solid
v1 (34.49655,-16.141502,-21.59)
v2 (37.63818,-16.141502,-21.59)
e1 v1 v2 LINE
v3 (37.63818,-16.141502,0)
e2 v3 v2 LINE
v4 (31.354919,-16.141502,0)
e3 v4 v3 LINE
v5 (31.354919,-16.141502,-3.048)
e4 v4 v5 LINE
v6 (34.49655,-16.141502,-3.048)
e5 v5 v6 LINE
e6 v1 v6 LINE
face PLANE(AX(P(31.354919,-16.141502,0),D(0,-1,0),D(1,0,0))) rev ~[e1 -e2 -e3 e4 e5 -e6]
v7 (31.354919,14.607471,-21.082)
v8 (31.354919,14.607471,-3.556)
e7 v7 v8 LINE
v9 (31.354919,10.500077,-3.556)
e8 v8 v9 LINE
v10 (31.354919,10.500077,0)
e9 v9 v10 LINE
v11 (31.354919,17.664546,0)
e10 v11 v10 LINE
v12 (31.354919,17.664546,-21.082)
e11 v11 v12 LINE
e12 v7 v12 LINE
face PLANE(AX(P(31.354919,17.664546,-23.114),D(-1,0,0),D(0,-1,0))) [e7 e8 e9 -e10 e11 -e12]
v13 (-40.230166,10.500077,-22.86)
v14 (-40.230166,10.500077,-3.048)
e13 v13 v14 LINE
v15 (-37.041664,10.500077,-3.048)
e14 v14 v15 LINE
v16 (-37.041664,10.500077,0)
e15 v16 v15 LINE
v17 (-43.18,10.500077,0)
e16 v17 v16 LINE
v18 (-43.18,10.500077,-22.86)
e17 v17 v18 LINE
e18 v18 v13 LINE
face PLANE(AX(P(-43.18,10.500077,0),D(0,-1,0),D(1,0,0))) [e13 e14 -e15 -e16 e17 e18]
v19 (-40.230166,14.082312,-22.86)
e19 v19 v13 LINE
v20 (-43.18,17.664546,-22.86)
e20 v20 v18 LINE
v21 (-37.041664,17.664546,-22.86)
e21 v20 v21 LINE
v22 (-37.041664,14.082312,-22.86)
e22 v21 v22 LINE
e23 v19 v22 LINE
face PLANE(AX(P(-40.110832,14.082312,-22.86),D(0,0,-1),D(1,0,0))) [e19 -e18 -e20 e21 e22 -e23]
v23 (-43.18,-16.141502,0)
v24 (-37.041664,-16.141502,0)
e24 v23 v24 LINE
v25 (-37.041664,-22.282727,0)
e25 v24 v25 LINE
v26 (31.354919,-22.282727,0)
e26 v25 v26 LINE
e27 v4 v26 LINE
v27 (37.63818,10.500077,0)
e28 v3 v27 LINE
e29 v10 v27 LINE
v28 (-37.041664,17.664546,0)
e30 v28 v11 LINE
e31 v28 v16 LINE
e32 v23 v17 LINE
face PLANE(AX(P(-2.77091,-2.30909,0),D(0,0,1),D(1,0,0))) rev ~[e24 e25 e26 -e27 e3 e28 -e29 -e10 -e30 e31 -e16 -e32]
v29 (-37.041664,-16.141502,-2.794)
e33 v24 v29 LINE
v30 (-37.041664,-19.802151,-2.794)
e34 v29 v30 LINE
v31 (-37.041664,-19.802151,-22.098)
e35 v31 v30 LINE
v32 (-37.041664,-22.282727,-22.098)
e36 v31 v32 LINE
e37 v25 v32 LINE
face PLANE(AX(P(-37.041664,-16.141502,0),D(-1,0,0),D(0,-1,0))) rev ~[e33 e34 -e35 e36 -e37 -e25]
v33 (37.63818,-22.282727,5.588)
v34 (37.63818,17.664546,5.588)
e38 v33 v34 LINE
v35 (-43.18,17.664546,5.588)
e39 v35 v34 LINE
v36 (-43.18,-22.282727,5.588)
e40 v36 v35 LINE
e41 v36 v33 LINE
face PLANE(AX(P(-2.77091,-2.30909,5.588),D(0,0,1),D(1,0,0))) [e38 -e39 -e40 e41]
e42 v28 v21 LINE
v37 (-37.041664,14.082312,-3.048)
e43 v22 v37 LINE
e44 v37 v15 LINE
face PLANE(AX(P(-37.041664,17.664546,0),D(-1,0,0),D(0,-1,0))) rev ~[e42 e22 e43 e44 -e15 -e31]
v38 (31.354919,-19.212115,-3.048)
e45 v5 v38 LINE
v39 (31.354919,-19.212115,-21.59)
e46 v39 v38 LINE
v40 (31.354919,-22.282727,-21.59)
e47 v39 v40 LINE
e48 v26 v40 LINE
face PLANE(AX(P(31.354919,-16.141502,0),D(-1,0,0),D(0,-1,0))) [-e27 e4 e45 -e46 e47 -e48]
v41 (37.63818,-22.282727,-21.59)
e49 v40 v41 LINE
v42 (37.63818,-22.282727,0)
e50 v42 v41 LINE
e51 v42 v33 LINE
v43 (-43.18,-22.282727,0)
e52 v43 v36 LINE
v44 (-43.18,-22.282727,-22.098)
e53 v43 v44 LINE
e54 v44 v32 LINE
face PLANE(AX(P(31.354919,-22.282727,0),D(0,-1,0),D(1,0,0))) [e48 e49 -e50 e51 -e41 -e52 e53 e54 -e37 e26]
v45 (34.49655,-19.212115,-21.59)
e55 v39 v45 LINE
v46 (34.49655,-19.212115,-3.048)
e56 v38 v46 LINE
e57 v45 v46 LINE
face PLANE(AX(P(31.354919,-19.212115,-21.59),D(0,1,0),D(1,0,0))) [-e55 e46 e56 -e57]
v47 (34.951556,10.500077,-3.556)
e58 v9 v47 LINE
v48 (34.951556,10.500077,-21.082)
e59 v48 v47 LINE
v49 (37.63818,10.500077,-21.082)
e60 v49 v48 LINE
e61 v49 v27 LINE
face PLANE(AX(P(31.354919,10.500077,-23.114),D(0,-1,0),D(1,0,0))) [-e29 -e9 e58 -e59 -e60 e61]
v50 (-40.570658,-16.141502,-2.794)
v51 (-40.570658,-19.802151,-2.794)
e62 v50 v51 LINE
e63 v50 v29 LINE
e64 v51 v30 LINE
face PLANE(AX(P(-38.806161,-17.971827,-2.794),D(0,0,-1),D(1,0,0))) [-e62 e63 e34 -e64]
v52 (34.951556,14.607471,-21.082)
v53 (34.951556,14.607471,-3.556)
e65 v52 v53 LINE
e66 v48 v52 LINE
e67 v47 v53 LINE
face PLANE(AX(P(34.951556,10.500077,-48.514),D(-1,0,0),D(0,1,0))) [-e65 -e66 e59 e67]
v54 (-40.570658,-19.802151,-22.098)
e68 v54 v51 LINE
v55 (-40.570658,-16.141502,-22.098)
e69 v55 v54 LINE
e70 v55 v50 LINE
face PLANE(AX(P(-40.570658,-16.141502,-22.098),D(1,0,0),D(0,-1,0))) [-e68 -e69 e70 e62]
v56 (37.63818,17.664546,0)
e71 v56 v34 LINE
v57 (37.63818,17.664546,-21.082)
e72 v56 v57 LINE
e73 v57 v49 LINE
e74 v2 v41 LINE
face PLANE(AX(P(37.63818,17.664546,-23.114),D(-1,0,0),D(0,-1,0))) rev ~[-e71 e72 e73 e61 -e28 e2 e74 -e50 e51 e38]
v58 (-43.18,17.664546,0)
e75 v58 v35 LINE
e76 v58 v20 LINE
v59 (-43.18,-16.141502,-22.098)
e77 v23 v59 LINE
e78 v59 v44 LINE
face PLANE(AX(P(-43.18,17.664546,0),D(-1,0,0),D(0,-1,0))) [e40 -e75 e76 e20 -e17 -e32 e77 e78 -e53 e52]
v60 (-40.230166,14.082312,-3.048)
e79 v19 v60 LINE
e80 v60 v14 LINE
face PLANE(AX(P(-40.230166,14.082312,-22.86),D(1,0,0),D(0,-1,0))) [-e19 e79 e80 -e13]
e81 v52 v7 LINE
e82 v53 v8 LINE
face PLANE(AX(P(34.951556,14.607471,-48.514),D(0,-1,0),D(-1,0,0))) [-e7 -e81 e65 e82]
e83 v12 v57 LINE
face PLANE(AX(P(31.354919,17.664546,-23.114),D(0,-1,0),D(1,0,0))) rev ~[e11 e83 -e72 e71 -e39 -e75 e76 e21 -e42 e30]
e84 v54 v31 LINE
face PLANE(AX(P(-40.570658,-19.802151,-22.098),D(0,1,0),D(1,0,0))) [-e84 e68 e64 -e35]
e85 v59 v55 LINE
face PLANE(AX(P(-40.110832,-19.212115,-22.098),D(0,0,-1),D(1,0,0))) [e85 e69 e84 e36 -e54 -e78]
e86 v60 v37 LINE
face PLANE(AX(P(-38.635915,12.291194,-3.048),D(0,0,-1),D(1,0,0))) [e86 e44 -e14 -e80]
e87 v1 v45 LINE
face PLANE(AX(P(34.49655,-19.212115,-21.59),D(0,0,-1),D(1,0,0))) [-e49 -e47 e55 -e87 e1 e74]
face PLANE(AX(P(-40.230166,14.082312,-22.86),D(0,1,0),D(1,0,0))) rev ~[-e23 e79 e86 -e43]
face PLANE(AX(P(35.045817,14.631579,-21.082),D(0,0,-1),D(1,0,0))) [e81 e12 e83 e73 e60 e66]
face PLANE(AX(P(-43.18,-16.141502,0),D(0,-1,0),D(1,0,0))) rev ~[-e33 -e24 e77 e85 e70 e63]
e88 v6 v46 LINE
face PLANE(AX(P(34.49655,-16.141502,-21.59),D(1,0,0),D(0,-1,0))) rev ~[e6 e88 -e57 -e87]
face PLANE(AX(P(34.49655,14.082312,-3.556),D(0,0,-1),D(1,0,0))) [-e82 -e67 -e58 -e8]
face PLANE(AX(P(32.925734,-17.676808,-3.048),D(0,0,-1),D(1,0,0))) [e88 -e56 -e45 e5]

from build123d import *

# Parameters (mm, degrees)
F0_W      = 80.8181799948
F0_H      = 39.9472732097
F1_DEPTH  = 5.588
F2_W      = 6.1383359134
F2_H      = 6.141224876
F3_DEPTH  = 22.098
F2_H_2    = 7.1644689888
F4_DEPTH  = 22.86
F2_W_2    = 6.2832608819
F5_DEPTH  = 21.59
F6_DEPTH  = 23.114
F7_W      = 3.141630441
F7_H      = 3.070612438
F8_DEPTH  = 18.542
F9_DEPTH  = 25.4
F11_W     = 3.5289935768
F11_H     = 3.6606490612
F13_DEPTH = 19.304
F14_DEPTH = 27.432
F15_DEPTH = 44.958
F12_W     = 3.1885020435
F12_H     = 3.5822344944
F16_DEPTH = 19.812


with BuildPart() as f1:
    # F0 (on Top) → F1 (new body)
    with BuildSketch(Plane.XY):
        with Locations((-2.7709100395, -2.3090904579)):
            Rectangle(F0_W, F0_H)
    extrude(amount=F1_DEPTH)

    # F2 (on face) → F3 (join)
    with BuildSketch(Plane(origin=(0, 0, 0), x_dir=(1, 0, 0), z_dir=(0, 0, -1))):
        with Locations((-40.1108320802, 19.2121146247)):
            Rectangle(F2_W, F2_H)
    extrude(amount=F3_DEPTH)

    # F2 (on face) → F4 (join)
    with BuildSketch(Plane(origin=(0, 0, 0), x_dir=(1, 0, 0), z_dir=(0, 0, -1))):
        with Locations((-40.1108320802, -14.0823116526)):
            Rectangle(F2_W, F2_H_2)
    extrude(amount=F4_DEPTH)

    # F2 (on face) → F5 (join)
    with BuildSketch(Plane(origin=(0, 0, 0), x_dir=(1, 0, 0), z_dir=(0, 0, -1))):
        with Locations((34.4965495169, 19.2121146247)):
            Rectangle(F2_W_2, F2_H)
    extrude(amount=F5_DEPTH)

    # F2 (on face) → F6 (join)
    with BuildSketch(Plane(origin=(0, 0, 0), x_dir=(1, 0, 0), z_dir=(0, 0, -1))):
        with Locations((34.4965495169, -14.0823116526)):
            Rectangle(F2_W_2, F2_H_2)
    extrude(amount=F6_DEPTH)

    # F7 (on face) → F8 (cut)
    with BuildSketch(Plane(origin=(0, 0, -21.59), x_dir=(1, 0, 0), z_dir=(0, 0, -1))):
        with Locations((32.9257342964, 17.6768084057)):
            Rectangle(F7_W, F7_H)
    extrude(amount=-F8_DEPTH, mode=Mode.SUBTRACT)

    # F9 (add): a face of the model
    f9_faces = [f1.faces().sort_by_distance(p)[0] for p in [
        (34.4965495169, 14.0823116526, -23.114),
    ]]
    extrude(f9_faces, amount=F9_DEPTH)

    # F11 (on face) → F13 (cut)
    with BuildSketch(Plane(origin=(0, 0, -22.098), x_dir=(1, 0, 0), z_dir=(0, 0, -1))):
        with Locations((-38.8061609119, 17.9718267173)):
            Rectangle(F11_W, F11_H)
    extrude(amount=-F13_DEPTH, mode=Mode.SUBTRACT)

    # F10 (on face) → F14 (cut)
    with BuildSketch(Plane(origin=(0, 0, -48.514), x_dir=(1, 0, 0), z_dir=(0, 0, -1))):
        Polygon((37.6381799579, -10.5000771582), (34.951556474, -10.5000771582), (34.951556474, -14.6074714139), (31.354919076, -14.6074714139), (31.354919076, -17.664546147), (37.6381799579, -17.664546147), align=None)
    extrude(amount=-F14_DEPTH, mode=Mode.SUBTRACT)

    # F15 (cut): a face of the model
    f15_faces = [f1.faces().sort_by_distance(p)[0] for p in [
        (33.153237775, 12.5537742861, -48.514),
    ]]
    extrude(f15_faces, amount=-F15_DEPTH, mode=Mode.SUBTRACT)

    # F12 (on face) → F16 (cut)
    with BuildSketch(Plane(origin=(0, 0, -22.86), x_dir=(1, 0, 0), z_dir=(0, 0, -1))):
        with Locations((-38.6359151453, -12.2911944054)):
            Rectangle(F12_W, F12_H)
    extrude(amount=-F16_DEPTH, mode=Mode.SUBTRACT)


solid = f1.part
